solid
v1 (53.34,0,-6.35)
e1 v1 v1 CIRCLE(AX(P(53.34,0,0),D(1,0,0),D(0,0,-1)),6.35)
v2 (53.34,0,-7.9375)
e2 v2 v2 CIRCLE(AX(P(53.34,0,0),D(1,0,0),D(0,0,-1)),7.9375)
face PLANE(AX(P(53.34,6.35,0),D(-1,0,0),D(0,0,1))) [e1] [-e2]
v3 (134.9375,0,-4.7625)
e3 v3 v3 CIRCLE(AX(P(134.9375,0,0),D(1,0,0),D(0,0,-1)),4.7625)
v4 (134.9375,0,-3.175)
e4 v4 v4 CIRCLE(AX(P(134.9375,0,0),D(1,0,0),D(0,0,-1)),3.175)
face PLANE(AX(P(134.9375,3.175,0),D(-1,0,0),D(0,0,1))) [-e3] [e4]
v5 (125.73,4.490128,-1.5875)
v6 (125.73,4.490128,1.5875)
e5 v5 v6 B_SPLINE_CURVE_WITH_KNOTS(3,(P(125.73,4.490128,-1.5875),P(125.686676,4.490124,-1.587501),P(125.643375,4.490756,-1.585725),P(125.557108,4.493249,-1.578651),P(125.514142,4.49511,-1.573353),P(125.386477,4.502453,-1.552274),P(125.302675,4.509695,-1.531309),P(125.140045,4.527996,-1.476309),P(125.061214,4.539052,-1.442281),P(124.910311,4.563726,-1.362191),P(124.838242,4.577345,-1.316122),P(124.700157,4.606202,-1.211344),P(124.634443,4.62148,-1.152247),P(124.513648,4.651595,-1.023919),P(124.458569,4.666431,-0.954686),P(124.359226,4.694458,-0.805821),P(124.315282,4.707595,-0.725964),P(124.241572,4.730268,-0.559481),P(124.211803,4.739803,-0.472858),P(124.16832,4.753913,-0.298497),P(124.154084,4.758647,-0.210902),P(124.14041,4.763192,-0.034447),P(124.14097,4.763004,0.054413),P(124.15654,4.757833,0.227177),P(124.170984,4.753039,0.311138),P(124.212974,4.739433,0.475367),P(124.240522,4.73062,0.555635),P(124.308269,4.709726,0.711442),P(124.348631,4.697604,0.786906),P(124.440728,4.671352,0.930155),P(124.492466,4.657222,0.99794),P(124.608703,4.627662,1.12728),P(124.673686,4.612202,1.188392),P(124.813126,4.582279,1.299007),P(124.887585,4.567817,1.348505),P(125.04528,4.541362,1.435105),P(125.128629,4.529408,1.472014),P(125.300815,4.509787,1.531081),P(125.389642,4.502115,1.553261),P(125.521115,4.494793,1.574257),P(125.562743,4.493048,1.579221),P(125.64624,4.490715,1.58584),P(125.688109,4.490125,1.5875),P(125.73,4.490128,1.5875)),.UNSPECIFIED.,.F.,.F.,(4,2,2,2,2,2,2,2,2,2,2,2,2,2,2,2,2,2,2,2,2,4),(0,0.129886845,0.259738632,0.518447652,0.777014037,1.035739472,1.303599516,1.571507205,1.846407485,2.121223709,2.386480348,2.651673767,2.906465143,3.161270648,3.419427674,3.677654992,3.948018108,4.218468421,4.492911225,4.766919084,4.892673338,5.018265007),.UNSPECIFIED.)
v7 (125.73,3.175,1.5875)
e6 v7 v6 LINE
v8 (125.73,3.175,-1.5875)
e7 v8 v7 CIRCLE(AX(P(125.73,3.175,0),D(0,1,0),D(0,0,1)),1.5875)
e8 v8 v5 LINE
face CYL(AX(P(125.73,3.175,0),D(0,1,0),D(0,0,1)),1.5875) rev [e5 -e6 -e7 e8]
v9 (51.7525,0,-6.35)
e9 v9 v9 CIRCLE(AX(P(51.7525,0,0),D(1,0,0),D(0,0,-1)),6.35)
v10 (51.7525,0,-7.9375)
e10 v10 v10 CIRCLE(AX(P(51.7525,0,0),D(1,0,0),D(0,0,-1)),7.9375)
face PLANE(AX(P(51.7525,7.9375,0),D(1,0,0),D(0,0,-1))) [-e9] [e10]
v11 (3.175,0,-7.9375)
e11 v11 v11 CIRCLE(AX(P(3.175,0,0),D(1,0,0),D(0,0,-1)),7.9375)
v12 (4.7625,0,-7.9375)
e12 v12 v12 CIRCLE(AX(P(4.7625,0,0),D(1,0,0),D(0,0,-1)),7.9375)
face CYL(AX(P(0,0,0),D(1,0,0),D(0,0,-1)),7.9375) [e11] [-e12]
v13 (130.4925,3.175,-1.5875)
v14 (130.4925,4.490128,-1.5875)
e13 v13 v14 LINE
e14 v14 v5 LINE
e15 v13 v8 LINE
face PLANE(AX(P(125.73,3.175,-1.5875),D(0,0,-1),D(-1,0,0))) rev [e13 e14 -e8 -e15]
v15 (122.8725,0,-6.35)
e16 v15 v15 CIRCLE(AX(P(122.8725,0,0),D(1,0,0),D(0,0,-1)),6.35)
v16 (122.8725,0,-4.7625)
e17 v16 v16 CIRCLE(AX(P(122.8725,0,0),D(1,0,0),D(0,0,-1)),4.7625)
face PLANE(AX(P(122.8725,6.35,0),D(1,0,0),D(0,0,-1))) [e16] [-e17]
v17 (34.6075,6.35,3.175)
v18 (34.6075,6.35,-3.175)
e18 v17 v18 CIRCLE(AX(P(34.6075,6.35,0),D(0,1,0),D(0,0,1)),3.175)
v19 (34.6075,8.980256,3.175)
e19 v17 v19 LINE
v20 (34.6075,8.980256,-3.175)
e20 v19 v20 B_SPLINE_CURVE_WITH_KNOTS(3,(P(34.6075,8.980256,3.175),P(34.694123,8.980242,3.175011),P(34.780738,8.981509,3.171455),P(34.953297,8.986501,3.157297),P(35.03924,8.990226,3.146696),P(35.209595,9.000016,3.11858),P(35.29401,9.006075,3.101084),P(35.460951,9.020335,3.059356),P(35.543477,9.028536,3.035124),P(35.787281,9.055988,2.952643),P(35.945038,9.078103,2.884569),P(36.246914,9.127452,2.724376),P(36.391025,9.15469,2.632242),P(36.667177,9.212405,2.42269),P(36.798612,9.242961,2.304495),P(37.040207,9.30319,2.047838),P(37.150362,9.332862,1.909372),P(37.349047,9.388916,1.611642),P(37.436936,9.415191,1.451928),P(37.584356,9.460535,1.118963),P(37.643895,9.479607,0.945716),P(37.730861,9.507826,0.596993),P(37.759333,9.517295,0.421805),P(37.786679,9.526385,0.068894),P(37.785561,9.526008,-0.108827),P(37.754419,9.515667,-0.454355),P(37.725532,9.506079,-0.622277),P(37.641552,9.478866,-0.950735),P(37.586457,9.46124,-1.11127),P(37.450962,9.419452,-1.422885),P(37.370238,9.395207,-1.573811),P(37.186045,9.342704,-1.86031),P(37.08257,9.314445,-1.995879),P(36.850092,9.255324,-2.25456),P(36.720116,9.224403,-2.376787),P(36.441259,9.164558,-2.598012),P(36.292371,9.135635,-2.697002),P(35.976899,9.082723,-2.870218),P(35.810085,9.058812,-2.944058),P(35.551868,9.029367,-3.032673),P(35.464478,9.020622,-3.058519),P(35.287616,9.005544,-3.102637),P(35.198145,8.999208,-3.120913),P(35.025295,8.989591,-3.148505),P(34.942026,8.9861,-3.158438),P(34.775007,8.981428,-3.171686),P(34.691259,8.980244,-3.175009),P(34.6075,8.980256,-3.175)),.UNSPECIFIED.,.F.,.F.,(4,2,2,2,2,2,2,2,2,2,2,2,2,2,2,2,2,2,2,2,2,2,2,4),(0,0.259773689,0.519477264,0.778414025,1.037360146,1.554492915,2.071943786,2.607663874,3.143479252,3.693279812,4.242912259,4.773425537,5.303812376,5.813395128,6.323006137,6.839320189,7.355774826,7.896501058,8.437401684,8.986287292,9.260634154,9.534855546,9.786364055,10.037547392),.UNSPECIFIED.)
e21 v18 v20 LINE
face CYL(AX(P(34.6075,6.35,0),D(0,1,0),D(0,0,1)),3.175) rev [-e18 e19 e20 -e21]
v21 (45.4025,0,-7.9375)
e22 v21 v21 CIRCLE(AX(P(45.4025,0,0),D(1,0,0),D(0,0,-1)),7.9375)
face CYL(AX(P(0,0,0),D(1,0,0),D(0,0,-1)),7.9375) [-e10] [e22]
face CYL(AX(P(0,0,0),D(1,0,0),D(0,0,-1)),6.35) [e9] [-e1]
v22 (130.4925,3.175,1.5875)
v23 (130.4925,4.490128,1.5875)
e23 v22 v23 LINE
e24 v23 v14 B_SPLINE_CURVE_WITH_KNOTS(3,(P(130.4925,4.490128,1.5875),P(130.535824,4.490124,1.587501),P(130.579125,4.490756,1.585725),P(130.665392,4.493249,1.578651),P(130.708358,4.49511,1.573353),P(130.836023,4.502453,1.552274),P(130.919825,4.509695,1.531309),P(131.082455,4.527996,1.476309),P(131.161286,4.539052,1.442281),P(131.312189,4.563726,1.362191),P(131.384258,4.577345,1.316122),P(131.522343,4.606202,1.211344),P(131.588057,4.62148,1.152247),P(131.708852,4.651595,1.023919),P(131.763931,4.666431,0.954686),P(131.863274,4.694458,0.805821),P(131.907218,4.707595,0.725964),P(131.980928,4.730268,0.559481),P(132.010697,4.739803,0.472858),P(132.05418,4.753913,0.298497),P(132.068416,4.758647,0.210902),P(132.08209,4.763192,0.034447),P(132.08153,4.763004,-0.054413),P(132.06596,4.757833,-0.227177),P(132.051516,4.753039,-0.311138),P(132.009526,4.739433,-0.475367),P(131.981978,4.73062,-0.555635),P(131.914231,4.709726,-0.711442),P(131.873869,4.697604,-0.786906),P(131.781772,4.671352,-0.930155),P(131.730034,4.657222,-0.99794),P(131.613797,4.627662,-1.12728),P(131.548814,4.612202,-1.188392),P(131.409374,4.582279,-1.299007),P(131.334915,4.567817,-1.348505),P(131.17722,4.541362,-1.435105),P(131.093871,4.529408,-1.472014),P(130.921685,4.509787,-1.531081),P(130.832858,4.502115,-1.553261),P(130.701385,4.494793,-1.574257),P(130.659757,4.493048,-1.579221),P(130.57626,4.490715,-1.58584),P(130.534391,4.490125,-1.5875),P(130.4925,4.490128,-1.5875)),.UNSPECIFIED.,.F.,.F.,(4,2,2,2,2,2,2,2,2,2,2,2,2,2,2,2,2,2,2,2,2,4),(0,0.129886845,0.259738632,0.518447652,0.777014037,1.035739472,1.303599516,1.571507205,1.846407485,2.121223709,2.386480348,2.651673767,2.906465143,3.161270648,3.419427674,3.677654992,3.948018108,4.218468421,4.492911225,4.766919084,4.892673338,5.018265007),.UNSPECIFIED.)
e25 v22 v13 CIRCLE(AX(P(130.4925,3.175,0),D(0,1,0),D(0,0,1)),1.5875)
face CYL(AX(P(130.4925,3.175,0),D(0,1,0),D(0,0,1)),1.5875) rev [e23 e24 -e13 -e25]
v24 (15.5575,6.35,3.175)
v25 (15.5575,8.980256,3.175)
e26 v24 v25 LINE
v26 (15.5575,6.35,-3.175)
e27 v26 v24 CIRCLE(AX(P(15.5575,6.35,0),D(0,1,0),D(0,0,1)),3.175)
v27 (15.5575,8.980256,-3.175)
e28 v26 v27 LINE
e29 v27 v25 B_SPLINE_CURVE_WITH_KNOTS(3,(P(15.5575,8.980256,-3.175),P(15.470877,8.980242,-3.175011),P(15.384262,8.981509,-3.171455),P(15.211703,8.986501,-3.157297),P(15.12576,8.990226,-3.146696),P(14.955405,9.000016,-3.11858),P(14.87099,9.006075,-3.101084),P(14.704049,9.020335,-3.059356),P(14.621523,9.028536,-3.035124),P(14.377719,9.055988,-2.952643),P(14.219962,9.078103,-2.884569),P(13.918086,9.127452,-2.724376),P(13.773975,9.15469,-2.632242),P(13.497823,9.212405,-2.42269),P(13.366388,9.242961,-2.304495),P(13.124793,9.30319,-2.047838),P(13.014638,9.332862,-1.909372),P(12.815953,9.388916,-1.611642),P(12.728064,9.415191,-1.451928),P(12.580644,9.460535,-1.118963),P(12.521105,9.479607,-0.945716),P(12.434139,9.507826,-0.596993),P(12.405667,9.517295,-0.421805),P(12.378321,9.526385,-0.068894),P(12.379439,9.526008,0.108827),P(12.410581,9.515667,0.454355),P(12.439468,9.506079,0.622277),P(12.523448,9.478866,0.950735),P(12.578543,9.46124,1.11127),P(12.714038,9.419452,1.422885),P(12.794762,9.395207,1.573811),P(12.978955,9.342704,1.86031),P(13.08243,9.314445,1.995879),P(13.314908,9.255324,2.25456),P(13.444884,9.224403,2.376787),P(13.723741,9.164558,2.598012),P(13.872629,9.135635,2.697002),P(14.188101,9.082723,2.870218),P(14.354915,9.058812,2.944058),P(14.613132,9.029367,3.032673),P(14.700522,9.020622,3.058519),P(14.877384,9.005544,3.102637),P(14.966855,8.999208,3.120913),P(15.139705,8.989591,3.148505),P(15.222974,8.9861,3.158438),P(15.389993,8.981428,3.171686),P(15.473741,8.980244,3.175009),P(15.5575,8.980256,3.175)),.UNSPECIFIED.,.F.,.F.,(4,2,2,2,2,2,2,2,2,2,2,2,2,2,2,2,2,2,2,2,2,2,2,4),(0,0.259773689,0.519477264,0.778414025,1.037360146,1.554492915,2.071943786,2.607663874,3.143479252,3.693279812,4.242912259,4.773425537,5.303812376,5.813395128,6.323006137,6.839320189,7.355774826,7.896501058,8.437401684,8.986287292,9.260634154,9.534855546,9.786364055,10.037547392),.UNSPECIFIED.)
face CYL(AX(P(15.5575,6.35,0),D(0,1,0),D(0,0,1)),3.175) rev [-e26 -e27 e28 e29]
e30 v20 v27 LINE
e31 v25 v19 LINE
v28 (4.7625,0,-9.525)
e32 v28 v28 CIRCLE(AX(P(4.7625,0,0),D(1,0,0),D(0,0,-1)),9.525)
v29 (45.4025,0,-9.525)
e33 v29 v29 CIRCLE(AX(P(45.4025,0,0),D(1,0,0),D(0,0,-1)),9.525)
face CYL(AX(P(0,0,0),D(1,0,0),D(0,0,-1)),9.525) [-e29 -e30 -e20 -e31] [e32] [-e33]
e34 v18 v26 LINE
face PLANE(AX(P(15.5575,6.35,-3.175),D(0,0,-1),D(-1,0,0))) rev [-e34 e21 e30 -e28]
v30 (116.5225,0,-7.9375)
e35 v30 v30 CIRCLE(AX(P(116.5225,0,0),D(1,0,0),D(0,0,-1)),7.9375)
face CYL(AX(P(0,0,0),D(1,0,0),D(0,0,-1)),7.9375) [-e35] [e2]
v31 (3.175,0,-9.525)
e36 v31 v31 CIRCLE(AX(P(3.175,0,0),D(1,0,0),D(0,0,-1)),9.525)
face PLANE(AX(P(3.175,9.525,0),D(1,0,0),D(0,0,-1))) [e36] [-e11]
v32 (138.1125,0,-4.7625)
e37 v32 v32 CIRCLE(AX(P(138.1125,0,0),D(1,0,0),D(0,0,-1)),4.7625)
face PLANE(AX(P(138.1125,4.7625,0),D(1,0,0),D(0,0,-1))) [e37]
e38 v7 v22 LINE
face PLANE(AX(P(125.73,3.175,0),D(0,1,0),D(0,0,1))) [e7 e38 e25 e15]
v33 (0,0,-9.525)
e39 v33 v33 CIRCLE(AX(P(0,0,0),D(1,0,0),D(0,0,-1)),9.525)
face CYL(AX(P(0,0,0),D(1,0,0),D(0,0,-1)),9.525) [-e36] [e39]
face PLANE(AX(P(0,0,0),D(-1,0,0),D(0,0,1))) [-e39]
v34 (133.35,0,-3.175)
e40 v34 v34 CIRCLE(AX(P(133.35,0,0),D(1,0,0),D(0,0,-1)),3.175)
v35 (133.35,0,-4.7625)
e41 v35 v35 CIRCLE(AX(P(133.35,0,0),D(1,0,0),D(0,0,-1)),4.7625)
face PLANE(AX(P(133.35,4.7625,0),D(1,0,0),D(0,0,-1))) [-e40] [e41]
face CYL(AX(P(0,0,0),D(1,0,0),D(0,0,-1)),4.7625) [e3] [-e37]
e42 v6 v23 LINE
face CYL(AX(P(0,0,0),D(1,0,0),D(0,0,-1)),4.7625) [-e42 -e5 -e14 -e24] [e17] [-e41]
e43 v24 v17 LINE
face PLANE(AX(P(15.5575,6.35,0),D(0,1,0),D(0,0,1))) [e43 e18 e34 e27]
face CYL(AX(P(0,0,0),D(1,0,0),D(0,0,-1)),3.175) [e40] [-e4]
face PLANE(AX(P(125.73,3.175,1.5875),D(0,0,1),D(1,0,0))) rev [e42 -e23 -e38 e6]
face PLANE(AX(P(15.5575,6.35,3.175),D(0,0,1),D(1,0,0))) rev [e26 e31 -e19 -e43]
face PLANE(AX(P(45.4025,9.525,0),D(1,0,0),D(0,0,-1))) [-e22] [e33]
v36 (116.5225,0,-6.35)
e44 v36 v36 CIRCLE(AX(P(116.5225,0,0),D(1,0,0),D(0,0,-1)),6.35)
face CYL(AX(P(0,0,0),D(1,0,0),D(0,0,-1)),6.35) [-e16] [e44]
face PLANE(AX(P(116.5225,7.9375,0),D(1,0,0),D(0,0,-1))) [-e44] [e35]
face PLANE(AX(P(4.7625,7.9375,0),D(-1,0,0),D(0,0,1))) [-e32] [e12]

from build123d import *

# Parameters (mm, degrees)
CUT_EXTRUDE1_DEPTH = 3.175
CUT_EXTRUDE2_DEPTH = 1.5875


with BuildPart() as part:
    # Sketch2 → Revolve1 (revolve)
    with BuildSketch(Plane.XY):
        Polygon((0, 0), (138.1125, 0), (138.1125, 4.7625), (134.9375, 4.7625), (134.9375, 3.175), (133.35, 3.175), (133.35, 4.7625), (122.8725, 4.7625), (122.8725, 6.35), (116.5225, 6.35), (116.5225, 7.9375), (53.34, 7.9375), (53.34, 6.35), (51.7525, 6.35), (51.7525, 7.9375), (45.4025, 7.9375), (45.4025, 9.525), (4.7625, 9.525), (4.7625, 7.9375), (3.175, 7.9375), (3.175, 9.525), (0, 9.525), align=None)
    revolve(axis=Axis((0, 0, 0), (-1, 0, 0)))

    # Sketch3 → Cut-Extrude1 (cut)
    with BuildSketch(Plane(origin=(0, 9.525, 0), x_dir=(1, 0, 0), z_dir=(0, 1, 0))):
        with BuildLine():
            Line((15.5575, 3.175), (34.6075, 3.175))
            ThreePointArc((34.6075, 3.175), (37.7825, 0), (34.6075, -3.175))
            Line((34.6075, -3.175), (15.5575, -3.175))
            ThreePointArc((15.5575, -3.175), (12.3825, 0), (15.5575, 3.175))
        make_face()
    extrude(amount=-CUT_EXTRUDE1_DEPTH, mode=Mode.SUBTRACT)

    # Sketch4 → Cut-Extrude2 (cut)
    with BuildSketch(Plane(origin=(0, 4.7625, 0), x_dir=(1, 0, 0), z_dir=(0, 1, 0))):
        with BuildLine():
            Line((125.73, 1.5875), (130.4925, 1.5875))
            ThreePointArc((130.4925, 1.5875), (132.08, 0), (130.4925, -1.5875))
            Line((130.4925, -1.5875), (125.73, -1.5875))
            ThreePointArc((125.73, -1.5875), (124.1425, 0), (125.73, 1.5875))
        make_face()
    extrude(amount=-CUT_EXTRUDE2_DEPTH, mode=Mode.SUBTRACT)


solid = part.part
